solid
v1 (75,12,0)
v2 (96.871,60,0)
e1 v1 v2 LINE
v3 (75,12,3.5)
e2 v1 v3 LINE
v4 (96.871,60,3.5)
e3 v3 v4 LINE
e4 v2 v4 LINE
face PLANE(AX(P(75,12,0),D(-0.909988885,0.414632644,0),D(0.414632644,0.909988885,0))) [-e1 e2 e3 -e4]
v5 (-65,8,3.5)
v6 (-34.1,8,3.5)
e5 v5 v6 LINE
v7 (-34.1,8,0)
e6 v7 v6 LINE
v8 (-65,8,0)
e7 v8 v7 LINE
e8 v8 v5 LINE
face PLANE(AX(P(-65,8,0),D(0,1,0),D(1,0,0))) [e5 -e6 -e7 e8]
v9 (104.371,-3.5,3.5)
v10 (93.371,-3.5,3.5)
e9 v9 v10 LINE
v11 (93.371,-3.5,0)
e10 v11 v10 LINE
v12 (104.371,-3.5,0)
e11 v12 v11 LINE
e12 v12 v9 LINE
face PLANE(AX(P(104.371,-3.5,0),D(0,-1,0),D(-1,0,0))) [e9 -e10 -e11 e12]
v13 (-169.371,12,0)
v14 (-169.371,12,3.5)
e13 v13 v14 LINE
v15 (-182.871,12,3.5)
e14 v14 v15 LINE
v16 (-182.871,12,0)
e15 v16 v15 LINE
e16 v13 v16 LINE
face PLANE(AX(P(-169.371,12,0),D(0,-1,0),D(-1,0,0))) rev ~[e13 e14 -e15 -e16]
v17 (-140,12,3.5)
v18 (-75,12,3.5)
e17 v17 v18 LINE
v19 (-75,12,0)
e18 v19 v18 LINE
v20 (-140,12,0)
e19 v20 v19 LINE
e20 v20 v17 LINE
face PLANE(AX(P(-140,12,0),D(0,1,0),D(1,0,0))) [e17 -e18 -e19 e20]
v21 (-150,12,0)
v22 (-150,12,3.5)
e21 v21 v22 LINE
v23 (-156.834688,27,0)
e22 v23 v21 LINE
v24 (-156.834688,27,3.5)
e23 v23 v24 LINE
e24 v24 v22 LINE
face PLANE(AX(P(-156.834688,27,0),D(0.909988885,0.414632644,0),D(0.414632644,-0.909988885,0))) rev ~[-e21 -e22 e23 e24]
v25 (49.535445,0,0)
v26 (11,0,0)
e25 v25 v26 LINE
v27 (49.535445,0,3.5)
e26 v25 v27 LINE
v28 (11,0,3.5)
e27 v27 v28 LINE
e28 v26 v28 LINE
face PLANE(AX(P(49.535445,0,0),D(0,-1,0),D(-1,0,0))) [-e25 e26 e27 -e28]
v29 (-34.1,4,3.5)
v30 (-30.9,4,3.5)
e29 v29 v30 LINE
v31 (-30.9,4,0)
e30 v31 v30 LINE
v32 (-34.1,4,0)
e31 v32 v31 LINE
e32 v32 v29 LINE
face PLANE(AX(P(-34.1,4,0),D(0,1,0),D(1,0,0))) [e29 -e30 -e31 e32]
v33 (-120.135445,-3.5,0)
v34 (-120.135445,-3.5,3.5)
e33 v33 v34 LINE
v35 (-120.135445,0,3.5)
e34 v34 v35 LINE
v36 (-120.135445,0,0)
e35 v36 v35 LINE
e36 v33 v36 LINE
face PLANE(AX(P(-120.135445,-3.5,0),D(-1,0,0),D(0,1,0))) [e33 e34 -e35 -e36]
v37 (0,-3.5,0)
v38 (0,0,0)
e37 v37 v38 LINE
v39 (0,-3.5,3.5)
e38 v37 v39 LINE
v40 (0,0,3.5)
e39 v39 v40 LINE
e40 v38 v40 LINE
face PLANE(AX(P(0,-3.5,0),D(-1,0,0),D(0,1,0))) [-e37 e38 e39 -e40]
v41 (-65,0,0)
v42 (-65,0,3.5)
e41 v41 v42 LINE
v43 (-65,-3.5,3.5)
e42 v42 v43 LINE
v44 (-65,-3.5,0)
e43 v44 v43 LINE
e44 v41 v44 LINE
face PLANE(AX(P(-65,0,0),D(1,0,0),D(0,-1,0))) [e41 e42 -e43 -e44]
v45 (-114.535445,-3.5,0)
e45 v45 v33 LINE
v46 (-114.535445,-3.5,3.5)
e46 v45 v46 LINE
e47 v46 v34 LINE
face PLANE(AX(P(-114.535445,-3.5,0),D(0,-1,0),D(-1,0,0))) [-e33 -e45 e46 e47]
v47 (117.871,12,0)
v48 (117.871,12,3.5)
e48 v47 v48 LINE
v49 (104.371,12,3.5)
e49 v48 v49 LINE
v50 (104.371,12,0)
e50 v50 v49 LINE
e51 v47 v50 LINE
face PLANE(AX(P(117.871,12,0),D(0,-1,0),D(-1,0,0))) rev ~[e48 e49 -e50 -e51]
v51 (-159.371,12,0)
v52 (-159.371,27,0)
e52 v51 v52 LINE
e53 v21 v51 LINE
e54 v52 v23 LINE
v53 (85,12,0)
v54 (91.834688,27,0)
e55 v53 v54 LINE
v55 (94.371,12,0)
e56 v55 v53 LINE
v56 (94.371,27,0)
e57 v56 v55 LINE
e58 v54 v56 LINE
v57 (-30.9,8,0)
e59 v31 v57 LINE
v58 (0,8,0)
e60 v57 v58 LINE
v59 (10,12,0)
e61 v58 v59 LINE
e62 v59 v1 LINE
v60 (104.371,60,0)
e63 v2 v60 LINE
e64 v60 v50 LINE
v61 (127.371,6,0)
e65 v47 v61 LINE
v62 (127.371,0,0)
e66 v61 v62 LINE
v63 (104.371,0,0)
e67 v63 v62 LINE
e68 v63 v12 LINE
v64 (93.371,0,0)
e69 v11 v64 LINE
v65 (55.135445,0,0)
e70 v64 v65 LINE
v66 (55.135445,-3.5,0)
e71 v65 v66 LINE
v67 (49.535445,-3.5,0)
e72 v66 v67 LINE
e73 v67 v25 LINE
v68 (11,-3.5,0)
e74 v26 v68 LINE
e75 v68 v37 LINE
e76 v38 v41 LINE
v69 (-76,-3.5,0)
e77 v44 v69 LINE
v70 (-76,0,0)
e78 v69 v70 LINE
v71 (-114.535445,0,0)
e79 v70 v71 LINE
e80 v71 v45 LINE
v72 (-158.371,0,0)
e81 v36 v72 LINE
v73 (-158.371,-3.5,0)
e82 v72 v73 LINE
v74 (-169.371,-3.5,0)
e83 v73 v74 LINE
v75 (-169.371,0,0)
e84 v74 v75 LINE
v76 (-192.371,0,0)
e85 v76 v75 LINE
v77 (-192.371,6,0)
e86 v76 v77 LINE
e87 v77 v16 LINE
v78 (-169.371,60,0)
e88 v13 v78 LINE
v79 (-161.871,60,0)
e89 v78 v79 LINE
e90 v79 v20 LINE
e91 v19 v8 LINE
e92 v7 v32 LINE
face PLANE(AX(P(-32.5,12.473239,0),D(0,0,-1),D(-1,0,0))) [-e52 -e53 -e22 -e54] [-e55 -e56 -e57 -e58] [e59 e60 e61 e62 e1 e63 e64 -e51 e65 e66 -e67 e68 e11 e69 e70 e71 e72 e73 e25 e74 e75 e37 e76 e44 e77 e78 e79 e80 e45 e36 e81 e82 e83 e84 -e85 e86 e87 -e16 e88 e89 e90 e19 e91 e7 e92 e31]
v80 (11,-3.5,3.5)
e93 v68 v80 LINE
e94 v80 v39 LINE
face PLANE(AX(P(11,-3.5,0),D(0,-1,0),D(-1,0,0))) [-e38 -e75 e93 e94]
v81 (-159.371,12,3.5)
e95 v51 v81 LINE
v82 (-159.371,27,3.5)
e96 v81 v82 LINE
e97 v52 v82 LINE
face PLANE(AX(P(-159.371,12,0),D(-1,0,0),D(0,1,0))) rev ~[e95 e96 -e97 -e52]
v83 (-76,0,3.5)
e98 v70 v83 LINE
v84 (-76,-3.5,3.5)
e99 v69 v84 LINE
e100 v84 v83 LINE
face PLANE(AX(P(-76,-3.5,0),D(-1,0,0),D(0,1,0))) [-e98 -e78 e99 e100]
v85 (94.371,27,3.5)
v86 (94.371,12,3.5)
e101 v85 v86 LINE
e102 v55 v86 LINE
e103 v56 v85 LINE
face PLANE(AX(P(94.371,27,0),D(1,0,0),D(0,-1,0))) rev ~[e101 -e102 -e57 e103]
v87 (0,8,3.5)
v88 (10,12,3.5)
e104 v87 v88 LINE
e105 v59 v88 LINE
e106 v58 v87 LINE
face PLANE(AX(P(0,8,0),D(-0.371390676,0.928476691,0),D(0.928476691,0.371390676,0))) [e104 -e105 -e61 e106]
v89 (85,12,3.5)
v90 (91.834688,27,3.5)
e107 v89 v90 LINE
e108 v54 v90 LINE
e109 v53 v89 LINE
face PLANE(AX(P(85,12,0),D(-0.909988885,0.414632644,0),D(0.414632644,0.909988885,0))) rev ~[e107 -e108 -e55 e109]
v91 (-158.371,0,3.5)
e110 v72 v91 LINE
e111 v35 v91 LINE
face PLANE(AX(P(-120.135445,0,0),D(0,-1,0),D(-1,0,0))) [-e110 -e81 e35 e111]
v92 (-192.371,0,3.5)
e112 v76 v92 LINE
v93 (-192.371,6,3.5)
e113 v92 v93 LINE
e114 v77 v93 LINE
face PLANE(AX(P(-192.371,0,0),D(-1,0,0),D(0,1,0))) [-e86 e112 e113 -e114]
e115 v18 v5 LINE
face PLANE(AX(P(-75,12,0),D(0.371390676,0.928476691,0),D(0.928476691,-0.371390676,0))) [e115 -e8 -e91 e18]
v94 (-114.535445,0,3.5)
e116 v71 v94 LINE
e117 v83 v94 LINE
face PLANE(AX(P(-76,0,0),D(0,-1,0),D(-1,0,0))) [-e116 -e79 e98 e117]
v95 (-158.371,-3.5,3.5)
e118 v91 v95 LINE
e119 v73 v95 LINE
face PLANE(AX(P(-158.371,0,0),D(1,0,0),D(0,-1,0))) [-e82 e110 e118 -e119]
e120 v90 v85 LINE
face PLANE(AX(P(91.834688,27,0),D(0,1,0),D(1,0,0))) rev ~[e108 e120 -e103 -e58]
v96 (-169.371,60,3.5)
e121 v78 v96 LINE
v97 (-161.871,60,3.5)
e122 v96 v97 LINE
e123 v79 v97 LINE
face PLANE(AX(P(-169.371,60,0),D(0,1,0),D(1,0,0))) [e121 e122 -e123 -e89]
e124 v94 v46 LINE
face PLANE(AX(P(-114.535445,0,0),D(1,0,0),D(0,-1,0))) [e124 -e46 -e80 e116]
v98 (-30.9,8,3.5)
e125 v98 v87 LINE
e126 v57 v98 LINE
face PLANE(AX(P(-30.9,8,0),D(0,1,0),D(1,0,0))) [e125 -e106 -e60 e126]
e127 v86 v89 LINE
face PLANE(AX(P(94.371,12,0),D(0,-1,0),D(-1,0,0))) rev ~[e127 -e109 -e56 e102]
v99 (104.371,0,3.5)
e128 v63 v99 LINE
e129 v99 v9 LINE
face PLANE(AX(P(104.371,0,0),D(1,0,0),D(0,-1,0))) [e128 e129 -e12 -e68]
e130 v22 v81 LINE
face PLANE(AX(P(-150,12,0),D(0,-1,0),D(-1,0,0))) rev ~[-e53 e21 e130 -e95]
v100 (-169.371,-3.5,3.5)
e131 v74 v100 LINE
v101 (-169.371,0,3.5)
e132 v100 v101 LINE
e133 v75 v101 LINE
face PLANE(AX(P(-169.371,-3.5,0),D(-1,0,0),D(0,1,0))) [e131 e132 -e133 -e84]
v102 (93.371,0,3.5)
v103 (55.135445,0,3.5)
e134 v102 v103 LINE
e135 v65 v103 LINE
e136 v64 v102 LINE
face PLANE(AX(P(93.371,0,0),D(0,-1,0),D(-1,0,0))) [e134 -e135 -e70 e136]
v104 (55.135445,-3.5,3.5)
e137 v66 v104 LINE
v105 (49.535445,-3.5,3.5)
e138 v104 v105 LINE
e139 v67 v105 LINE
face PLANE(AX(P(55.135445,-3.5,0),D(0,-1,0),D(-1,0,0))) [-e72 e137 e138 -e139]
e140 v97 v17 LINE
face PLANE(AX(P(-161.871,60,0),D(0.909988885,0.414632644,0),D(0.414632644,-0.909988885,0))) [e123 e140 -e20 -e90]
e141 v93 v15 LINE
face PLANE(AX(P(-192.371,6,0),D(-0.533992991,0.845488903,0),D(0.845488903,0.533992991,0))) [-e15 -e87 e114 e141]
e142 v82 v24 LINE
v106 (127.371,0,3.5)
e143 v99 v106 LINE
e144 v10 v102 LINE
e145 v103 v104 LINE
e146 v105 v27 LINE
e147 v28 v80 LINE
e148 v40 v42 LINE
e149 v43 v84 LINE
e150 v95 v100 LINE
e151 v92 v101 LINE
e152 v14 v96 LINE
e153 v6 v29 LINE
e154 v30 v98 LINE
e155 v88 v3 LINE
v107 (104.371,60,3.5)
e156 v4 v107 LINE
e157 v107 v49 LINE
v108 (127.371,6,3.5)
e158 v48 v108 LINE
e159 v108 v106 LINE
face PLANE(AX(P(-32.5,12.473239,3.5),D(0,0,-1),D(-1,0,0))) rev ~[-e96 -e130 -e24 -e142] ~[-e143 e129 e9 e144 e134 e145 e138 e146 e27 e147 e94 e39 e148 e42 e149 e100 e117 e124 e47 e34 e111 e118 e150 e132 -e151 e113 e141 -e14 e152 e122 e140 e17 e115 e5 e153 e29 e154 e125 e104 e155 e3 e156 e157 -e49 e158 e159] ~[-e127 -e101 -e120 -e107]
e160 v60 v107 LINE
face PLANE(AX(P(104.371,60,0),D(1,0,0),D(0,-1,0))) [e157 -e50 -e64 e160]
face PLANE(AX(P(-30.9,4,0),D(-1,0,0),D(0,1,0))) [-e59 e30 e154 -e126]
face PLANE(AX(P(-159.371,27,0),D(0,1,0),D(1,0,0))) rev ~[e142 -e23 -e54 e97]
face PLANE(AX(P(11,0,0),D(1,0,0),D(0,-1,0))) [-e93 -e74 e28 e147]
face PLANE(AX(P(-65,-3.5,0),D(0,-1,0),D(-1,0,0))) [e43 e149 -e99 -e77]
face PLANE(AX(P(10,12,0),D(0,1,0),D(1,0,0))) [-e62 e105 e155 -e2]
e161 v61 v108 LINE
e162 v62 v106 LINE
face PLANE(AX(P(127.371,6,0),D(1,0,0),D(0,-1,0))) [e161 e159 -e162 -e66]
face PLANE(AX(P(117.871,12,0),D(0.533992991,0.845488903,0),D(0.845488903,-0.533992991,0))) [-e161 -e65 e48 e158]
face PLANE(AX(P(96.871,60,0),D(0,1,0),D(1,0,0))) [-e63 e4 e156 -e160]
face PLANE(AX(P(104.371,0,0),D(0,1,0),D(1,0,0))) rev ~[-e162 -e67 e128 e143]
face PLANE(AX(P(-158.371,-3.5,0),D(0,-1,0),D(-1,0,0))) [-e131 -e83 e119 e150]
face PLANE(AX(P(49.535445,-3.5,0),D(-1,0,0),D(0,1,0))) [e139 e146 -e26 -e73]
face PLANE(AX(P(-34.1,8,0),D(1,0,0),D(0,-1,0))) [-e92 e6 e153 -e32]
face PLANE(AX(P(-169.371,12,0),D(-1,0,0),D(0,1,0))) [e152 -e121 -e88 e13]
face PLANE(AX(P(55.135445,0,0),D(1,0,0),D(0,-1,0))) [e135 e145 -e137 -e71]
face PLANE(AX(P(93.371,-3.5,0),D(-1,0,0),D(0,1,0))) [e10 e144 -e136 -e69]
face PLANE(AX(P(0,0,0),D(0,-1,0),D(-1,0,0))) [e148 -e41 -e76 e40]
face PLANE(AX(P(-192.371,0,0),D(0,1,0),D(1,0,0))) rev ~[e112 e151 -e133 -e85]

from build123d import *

# Parameters (mm, degrees)
BOSS_EXTRUDE1_DEPTH = 3.5


with BuildPart() as part:
    # Sketch1 → Boss-Extrude1 (new body)
    with BuildSketch(Plane.XY):
        Polygon((75, 12), (96.871, 60), (104.371, 60), (104.371, 12), (108.371, 12), (117.871, 12), (127.371, 6), (127.371, 0), (112.371, 0), (104.371, 0), (104.371, -3.5), (93.371, -3.5), (93.371, 0), (55.135445, 0), (55.135445, -3.5), (49.535445, -3.5), (49.535445, 0), (11, 0), (11, -3.5), (0, -3.5), (0, 0), (-65, 0), (-65, -3.5), (-76, -3.5), (-76, 0), (-114.535445, 0), (-114.535445, -3.5), (-120.135445, -3.5), (-120.135445, 0), (-158.371, 0), (-158.371, -3.5), (-169.371, -3.5), (-169.371, 0), (-177.371, 0), (-192.371, 0), (-192.371, 6), (-182.871, 12), (-173.371, 12), (-169.371, 12), (-169.371, 60), (-161.871, 60), (-140, 12), (-75, 12), (-65, 8), (-34.1, 8), (-34.1, 4), (-30.9, 4), (-30.9, 8), (0, 8), (10, 12), align=None)
        Polygon((85, 12), (91.8346875, 27), (94.371, 27), (94.371, 12), align=None, mode=Mode.SUBTRACT)
        Polygon((-150, 12), (-159.371, 12), (-159.371, 27), (-156.8346875, 27), align=None, mode=Mode.SUBTRACT)
    extrude(amount=BOSS_EXTRUDE1_DEPTH)


solid = part.part
